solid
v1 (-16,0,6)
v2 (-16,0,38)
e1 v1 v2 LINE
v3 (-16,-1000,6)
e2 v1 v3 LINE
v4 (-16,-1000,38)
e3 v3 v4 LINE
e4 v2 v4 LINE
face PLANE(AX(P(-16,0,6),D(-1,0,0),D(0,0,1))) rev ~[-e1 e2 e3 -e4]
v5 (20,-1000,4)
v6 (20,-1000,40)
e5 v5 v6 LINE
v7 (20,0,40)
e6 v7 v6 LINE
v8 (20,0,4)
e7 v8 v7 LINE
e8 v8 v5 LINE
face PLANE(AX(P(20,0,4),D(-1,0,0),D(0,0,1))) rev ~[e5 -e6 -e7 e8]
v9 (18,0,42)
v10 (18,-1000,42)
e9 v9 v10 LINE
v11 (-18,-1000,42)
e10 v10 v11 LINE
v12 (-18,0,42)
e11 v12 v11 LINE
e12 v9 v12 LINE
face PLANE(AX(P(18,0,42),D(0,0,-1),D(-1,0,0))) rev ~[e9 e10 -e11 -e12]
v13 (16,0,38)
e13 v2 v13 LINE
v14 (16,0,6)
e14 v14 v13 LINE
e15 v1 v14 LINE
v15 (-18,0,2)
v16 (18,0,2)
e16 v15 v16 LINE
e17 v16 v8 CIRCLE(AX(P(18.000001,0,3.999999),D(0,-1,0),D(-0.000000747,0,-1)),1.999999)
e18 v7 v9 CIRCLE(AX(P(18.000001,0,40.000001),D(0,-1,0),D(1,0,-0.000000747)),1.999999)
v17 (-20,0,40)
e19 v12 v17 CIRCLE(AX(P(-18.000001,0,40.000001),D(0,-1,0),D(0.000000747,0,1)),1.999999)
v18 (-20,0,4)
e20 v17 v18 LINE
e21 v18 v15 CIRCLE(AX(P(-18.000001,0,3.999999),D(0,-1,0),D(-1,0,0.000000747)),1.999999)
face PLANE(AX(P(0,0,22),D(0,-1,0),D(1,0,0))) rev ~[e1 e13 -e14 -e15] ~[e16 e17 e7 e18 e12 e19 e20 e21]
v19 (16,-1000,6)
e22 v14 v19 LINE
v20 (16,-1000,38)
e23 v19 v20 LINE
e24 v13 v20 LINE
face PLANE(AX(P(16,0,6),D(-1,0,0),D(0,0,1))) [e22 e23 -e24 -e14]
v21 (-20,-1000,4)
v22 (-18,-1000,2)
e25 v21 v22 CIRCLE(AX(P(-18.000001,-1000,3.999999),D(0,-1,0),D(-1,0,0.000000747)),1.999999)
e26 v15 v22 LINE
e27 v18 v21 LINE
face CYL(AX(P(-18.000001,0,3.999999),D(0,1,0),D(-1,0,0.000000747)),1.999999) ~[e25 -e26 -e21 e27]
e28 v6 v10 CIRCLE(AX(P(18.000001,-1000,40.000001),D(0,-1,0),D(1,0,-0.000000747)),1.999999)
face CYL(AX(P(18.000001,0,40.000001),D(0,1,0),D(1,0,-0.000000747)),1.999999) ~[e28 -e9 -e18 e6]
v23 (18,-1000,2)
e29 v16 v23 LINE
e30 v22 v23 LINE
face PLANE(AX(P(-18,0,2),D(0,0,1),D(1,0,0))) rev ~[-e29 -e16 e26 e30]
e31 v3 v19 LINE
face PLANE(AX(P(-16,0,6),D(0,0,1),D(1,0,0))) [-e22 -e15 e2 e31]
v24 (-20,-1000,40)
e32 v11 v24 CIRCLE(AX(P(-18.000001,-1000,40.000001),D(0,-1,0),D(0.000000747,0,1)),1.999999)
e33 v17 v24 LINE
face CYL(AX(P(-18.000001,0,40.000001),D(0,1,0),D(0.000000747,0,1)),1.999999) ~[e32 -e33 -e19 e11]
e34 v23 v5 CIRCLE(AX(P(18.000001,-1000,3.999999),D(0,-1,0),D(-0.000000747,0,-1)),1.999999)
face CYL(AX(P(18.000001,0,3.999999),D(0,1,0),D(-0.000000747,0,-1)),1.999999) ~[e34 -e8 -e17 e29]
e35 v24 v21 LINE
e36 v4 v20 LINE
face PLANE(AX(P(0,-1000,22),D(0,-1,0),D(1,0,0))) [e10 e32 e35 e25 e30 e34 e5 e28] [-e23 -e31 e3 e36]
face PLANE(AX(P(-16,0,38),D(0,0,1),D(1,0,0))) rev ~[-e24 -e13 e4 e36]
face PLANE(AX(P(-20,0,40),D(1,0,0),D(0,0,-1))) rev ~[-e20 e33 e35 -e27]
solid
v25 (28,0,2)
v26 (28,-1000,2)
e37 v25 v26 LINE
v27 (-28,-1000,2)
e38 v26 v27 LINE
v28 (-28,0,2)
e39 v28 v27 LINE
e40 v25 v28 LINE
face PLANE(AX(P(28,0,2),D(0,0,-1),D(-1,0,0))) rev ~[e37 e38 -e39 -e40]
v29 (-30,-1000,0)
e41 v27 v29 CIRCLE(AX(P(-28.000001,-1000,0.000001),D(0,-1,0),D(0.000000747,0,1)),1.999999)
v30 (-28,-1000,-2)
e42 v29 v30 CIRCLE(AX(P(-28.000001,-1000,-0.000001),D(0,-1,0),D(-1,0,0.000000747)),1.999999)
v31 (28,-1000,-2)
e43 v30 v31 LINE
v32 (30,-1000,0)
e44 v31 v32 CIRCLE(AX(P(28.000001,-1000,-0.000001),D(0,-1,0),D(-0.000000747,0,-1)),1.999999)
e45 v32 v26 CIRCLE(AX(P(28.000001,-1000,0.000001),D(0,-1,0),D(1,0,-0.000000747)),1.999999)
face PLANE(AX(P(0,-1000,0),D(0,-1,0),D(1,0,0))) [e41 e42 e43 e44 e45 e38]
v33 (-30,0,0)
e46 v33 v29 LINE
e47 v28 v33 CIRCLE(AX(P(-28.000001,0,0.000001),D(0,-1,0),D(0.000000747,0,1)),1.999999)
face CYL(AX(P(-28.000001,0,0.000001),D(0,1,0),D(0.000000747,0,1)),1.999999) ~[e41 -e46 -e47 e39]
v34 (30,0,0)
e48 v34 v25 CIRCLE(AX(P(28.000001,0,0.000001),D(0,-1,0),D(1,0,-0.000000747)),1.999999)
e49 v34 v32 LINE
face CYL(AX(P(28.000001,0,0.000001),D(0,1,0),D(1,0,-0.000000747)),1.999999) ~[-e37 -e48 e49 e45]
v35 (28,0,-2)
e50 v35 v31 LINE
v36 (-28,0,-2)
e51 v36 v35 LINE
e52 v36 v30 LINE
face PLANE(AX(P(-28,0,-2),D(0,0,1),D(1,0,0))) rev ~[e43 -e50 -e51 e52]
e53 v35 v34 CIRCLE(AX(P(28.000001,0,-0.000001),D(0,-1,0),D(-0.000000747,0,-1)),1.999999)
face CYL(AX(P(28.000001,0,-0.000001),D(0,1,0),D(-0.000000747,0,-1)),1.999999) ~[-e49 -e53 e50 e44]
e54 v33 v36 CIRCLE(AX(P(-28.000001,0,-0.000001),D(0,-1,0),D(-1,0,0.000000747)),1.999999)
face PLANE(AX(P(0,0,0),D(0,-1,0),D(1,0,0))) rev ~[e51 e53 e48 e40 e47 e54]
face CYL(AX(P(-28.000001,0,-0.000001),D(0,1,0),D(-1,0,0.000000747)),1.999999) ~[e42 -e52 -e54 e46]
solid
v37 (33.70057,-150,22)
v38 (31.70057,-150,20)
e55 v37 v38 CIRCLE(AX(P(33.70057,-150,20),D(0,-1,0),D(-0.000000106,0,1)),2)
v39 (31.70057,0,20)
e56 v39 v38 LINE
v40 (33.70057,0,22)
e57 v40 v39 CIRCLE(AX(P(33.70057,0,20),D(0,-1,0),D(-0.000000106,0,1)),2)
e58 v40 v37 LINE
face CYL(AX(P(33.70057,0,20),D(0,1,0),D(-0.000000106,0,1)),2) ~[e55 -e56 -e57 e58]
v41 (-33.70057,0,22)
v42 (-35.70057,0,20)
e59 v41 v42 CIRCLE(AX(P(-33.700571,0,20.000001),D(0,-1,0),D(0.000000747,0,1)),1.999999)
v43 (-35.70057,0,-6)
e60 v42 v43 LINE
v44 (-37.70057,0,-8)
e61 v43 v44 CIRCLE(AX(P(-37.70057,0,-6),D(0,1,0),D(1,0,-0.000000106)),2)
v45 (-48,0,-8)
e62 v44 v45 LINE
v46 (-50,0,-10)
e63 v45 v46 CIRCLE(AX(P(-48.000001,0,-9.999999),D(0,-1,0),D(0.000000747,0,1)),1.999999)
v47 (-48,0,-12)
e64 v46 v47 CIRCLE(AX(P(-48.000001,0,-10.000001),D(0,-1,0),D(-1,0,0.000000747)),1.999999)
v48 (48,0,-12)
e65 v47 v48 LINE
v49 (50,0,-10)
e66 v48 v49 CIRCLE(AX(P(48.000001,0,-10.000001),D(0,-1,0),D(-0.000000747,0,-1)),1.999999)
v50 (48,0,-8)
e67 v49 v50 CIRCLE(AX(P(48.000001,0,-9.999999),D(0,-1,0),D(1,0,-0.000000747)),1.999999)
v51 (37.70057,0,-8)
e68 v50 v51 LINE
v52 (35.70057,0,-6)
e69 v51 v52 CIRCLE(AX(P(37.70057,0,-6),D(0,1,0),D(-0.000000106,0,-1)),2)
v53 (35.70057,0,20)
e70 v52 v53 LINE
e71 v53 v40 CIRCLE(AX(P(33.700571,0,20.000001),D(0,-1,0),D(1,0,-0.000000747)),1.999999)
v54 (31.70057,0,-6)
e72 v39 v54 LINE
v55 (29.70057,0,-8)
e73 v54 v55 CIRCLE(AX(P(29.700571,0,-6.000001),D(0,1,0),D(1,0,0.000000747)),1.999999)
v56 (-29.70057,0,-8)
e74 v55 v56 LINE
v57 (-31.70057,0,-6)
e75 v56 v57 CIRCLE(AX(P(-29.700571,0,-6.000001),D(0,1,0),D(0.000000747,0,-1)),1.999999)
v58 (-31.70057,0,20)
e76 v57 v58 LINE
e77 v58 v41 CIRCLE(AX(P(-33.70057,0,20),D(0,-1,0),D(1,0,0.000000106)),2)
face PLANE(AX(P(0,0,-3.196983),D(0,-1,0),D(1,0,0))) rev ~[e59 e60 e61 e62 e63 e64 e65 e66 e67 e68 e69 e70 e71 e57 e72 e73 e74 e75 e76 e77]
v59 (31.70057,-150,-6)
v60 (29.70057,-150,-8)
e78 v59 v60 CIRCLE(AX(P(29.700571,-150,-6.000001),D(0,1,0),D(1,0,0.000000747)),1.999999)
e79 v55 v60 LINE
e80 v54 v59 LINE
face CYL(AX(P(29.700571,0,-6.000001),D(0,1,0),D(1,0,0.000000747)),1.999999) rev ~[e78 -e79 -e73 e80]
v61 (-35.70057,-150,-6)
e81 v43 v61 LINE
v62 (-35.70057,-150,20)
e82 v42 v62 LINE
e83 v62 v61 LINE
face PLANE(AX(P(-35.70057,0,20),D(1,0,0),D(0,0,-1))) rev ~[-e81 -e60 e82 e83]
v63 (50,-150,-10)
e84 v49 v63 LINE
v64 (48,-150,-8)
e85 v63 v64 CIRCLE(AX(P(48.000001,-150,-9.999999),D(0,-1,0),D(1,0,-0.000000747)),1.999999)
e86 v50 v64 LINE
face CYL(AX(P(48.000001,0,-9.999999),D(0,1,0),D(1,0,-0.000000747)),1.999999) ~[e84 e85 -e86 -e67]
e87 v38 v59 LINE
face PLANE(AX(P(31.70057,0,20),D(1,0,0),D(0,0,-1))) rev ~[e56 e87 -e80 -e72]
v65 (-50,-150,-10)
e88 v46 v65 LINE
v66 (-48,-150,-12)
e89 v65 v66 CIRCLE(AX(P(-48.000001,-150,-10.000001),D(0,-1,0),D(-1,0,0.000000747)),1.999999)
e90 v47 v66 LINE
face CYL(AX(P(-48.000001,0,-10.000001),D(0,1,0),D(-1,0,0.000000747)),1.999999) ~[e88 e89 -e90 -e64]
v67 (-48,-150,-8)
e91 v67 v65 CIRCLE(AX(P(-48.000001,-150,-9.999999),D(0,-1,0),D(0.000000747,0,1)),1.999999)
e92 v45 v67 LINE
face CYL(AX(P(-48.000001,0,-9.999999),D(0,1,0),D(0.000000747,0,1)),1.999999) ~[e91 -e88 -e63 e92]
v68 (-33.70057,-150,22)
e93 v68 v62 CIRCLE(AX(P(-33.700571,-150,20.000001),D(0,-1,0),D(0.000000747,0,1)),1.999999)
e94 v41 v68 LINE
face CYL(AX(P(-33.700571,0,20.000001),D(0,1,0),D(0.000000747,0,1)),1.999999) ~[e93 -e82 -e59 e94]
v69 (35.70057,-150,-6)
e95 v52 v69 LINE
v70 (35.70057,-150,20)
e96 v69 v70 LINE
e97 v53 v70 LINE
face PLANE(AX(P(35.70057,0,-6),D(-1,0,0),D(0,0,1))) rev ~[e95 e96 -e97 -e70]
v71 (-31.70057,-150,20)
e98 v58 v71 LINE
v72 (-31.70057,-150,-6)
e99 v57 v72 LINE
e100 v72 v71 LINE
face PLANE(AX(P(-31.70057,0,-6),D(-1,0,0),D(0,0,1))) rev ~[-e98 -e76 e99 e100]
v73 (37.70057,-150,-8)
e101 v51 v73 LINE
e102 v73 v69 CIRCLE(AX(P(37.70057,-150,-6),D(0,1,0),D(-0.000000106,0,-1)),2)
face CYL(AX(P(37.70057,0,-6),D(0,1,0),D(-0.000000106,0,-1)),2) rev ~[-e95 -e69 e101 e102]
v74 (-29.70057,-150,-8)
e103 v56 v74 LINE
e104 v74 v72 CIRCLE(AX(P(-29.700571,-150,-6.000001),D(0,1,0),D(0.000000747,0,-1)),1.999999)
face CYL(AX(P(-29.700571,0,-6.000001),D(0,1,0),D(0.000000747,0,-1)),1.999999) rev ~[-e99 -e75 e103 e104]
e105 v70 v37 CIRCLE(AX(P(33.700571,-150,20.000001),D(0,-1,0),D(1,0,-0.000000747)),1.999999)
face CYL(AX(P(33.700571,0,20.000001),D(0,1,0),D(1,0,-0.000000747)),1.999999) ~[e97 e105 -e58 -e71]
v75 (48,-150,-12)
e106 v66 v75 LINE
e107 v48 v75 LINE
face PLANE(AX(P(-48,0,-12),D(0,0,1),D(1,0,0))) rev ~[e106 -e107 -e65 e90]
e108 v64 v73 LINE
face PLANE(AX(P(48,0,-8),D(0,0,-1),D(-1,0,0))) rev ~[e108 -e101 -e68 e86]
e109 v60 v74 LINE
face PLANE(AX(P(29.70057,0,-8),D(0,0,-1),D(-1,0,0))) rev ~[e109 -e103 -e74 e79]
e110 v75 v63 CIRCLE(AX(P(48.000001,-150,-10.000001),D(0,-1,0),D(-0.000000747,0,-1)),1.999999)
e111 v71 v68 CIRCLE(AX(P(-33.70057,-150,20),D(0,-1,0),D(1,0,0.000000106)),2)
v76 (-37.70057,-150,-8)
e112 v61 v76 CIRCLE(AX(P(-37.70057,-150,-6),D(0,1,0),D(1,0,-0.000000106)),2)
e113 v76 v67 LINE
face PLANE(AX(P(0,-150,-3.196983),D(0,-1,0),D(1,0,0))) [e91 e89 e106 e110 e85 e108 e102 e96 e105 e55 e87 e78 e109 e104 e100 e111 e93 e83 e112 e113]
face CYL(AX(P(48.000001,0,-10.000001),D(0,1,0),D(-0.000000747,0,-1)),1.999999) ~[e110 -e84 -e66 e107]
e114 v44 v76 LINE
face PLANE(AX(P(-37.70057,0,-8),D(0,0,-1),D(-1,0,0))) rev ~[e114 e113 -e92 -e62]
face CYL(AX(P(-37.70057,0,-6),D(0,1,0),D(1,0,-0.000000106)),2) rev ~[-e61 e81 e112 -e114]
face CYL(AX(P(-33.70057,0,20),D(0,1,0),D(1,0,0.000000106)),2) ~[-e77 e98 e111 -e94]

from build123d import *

# Parameters (mm, degrees)
F1_DEPTH = 150
F0_W     = 32
F0_H     = 32
F2_DEPTH = 1000
F3_DEPTH = 1000


with BuildPart() as f1:
    # F0 (on Front) → F1 (new body)
    with BuildSketch(Plane.XZ):
        with BuildLine():
            Line((29.70057, -8), (0, -8))
            Line((0, -8), (-29.70057, -8))
            ThreePointArc((-29.70057, -8), (-31.114784, -7.414214), (-31.70057, -6))
            Line((-31.70057, -6), (-31.70057, 20))
            ThreePointArc((-31.70057, 20), (-32.286357, 21.414214), (-33.70057, 22))
            ThreePointArc((-33.70057, 22), (-35.114784, 21.414214), (-35.70057, 20))
            Line((-35.70057, 20), (-35.70057, -6))
            ThreePointArc((-35.70057, -6), (-36.286357, -7.414214), (-37.70057, -8))
            Line((-37.70057, -8), (-48, -8))
            ThreePointArc((-48, -8), (-49.414214, -8.585786), (-50, -10))
            ThreePointArc((-50, -10), (-49.414214, -11.414214), (-48, -12))
            Line((-48, -12), (0, -12))
            Line((0, -12), (48, -12))
            ThreePointArc((48, -12), (49.414214, -11.414214), (50, -10))
            ThreePointArc((50, -10), (49.414214, -8.585786), (48, -8))
            Line((48, -8), (37.70057, -8))
            ThreePointArc((37.70057, -8), (36.286357, -7.414214), (35.70057, -6))
            Line((35.70057, -6), (35.70057, 20))
            ThreePointArc((35.70057, 20), (35.114784, 21.414214), (33.70057, 22))
            ThreePointArc((33.70057, 22), (32.286357, 21.414214), (31.70057, 20))
            Line((31.70057, 20), (31.70057, -6))
            ThreePointArc((31.70057, -6), (31.114784, -7.414214), (29.70057, -8))
        make_face()
    extrude(amount=F1_DEPTH)


with BuildPart() as f2:
    # F0 (on Front) → F2 (new body)
    with BuildSketch(Plane.XZ):
        with BuildLine():
            ThreePointArc((-20, 4), (-19.414214, 2.585786), (-18, 2))
            Line((-18, 2), (18, 2))
            ThreePointArc((18, 2), (19.414214, 2.585786), (20, 4))
            Line((20, 4), (20, 40))
            ThreePointArc((20, 40), (19.414214, 41.414214), (18, 42))
            Line((18, 42), (-18, 42))
            ThreePointArc((-18, 42), (-19.414214, 41.414214), (-20, 40))
            Line((-20, 40), (-20, 4))
        make_face()
        with Locations((0, 22)):
            Rectangle(F0_W, F0_H, mode=Mode.SUBTRACT)
    extrude(amount=F2_DEPTH)


with BuildPart() as f3:
    # F0 (on Front) → F3 (new body)
    with BuildSketch(Plane.XZ):
        with BuildLine():
            Line((-18, 2), (-28, 2))
            ThreePointArc((-28, 2), (-29.414214, 1.414214), (-30, 0))
            ThreePointArc((-30, 0), (-29.414214, -1.414214), (-28, -2))
            Line((-28, -2), (28, -2))
            ThreePointArc((28, -2), (29.414214, -1.414214), (30, 0))
            ThreePointArc((30, 0), (29.414214, 1.414214), (28, 2))
            Line((28, 2), (18, 2))
            Line((18, 2), (-18, 2))
        make_face()
    extrude(amount=F3_DEPTH)


solid = Compound([f1.part, f2.part, f3.part])
